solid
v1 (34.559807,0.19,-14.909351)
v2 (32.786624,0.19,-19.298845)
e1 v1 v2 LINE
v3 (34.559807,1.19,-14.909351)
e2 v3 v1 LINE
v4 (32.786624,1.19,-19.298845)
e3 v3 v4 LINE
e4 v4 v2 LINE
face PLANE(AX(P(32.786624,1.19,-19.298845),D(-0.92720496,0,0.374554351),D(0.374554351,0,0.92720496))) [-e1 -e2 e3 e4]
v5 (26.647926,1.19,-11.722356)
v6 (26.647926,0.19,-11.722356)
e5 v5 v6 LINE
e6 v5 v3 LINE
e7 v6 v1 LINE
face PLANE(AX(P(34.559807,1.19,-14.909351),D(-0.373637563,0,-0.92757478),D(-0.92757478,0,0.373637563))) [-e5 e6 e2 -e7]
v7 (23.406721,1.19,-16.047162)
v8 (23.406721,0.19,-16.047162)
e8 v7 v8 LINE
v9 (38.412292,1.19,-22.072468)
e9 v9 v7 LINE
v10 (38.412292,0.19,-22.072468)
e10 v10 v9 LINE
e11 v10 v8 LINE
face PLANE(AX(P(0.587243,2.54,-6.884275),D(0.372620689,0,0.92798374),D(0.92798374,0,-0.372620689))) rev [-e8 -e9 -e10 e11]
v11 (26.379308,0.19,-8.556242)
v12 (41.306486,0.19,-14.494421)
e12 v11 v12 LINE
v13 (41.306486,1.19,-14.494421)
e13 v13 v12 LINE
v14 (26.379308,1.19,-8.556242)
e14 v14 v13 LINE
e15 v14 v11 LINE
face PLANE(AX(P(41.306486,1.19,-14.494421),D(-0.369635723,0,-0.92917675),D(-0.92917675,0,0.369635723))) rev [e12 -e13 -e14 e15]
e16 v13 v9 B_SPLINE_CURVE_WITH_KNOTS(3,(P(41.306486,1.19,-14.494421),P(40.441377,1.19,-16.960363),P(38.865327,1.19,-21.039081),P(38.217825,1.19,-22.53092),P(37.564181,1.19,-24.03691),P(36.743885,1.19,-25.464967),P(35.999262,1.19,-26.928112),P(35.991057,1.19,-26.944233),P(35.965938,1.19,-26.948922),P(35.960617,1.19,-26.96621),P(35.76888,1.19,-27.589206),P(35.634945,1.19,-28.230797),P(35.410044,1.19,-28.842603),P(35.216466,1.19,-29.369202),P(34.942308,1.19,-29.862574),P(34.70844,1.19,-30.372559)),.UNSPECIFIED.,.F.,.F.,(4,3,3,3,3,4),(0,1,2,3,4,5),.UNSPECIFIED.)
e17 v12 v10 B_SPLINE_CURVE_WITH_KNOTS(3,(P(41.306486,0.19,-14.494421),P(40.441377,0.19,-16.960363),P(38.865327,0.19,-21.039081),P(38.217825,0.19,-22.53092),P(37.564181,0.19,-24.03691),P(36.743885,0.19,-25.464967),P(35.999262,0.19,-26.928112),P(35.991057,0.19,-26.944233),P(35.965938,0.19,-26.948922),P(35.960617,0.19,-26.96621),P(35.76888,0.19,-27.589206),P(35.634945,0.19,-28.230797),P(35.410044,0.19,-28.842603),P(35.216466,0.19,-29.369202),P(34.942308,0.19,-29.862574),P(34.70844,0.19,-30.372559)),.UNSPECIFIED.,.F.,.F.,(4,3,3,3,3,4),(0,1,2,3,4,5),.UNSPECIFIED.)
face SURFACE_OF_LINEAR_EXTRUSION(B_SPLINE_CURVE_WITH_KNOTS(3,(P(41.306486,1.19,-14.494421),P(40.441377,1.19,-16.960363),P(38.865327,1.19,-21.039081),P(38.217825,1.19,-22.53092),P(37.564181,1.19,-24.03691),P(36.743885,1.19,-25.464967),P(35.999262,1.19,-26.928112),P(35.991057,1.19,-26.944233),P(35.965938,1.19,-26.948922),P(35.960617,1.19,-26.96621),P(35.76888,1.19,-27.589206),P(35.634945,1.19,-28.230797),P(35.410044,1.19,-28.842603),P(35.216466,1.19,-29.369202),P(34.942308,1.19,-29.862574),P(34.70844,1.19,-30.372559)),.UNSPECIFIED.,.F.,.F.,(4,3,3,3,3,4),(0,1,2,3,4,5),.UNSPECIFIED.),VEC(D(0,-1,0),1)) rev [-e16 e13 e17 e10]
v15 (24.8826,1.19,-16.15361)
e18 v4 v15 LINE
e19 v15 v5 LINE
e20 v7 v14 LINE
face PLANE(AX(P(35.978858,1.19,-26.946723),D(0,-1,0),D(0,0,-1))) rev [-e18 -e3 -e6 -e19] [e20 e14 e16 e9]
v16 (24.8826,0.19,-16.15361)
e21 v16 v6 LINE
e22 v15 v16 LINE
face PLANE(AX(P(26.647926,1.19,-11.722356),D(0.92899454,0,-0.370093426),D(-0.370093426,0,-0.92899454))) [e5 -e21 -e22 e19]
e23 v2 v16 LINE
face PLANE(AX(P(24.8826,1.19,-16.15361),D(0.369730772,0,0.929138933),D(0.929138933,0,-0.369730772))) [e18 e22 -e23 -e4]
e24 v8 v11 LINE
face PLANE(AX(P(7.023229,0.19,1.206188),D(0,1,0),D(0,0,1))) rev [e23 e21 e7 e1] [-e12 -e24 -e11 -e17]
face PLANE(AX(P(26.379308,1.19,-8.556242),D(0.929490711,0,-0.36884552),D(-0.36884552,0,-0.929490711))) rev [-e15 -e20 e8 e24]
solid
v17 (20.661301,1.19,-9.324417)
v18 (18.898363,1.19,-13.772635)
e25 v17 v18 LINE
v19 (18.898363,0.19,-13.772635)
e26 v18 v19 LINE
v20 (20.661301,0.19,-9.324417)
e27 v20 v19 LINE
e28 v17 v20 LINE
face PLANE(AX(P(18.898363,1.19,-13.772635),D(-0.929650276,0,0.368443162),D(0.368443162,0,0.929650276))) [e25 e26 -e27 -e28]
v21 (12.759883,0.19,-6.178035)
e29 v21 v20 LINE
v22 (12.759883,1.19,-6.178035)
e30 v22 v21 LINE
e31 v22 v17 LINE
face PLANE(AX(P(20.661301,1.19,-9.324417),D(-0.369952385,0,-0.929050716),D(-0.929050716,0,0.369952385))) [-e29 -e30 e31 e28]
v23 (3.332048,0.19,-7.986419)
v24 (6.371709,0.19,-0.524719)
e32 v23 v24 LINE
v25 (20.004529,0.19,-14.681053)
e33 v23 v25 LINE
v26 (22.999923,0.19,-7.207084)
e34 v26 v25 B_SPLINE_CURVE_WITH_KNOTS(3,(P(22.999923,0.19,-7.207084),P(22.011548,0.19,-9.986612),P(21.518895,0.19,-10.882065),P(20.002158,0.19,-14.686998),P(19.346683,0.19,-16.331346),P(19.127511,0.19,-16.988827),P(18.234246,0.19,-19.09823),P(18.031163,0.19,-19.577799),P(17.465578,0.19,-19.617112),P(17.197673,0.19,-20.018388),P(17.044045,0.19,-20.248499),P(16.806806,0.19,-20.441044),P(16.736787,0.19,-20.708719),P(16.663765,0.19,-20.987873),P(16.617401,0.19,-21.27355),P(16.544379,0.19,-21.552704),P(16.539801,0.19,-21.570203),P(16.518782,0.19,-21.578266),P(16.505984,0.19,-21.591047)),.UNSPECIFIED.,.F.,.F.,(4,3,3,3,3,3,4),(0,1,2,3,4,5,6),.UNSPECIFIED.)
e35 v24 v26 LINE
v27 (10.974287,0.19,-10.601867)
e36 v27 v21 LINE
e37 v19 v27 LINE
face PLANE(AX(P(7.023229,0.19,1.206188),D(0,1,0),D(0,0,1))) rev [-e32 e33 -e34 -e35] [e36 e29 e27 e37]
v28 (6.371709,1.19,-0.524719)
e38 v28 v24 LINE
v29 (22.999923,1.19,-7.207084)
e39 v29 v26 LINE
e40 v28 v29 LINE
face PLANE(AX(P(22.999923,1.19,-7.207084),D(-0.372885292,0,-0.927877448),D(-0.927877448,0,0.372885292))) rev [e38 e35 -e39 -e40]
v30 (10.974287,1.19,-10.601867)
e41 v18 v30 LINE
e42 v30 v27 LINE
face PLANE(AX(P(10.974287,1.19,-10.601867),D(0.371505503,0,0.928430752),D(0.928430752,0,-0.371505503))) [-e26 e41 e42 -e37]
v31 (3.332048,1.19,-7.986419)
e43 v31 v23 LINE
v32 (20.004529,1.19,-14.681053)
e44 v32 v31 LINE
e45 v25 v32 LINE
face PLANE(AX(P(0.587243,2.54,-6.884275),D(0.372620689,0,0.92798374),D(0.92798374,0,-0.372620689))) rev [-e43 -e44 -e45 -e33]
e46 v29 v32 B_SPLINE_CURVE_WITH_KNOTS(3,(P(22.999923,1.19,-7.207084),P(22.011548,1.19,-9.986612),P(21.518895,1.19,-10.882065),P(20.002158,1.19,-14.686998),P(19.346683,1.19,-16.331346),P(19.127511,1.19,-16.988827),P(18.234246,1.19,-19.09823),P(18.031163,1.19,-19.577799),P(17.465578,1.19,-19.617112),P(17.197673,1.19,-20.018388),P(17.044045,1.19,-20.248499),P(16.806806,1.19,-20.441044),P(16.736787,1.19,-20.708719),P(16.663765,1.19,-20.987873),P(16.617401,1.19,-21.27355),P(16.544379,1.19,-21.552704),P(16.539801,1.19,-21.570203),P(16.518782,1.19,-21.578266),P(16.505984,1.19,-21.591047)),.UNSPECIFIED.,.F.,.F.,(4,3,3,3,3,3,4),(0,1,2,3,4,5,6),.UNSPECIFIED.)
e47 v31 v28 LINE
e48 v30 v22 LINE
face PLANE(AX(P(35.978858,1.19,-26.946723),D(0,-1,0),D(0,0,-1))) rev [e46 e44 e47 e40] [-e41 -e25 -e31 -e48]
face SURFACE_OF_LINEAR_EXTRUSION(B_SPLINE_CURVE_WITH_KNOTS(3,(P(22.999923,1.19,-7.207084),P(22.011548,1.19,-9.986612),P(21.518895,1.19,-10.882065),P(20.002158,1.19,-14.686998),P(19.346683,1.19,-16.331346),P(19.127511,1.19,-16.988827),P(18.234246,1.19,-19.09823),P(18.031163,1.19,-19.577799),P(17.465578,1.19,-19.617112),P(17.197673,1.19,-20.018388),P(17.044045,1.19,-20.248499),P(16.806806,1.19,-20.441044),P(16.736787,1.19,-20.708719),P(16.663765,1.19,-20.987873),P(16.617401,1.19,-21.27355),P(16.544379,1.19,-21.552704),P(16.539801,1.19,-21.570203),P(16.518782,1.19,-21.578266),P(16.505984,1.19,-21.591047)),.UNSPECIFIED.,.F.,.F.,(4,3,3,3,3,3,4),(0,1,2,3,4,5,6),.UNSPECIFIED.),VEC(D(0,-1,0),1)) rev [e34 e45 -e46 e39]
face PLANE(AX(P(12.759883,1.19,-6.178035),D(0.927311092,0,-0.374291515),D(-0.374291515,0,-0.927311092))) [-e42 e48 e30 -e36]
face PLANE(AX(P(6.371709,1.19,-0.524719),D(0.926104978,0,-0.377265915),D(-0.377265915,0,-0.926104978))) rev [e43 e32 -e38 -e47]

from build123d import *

# Parameters (mm, degrees)
SKETCH1_R           = 1.281558591
SKETCH1_R_2         = 1.27912149
BOSS_EXTRUDE1_DEPTH = 1.19
CUT_EXTRUDE1_DEPTH  = 2.54
CUT_EXTRUDE2_DEPTH  = 9.906


with BuildPart() as part:
    # Sketch1 → Boss-Extrude1 (new body)
    with BuildSketch(Plane(origin=(0, 0, 0), x_dir=(1, 0, 0), z_dir=(0, 1, 0))):
        with BuildLine():
            Line((-3.948168159, 25.857752235), (34.708440024, 30.372559307))
            add(Edge.make_bspline(
                [(34.708440024, 30.372559307), (34.942308086, 29.862573914), (35.216465801, 29.369202379), (35.41004421, 28.842603127), (35.634944676, 28.230797202), (35.768879722, 27.589205916), (35.960617271, 26.966210393), (35.965938184, 26.948921629), (35.991057299, 26.944232956), (35.999261802, 26.928111554), (36.743885485, 25.464966639), (37.564180772, 24.036910168), (38.217825185, 22.530919978), (38.865327395, 21.039081363), (40.441376905, 16.960362547), (41.306486039, 14.494420913)],
                knots=[0, 0, 0, 0, 1, 1, 1, 2, 2, 2, 3, 3, 3, 4, 4, 4, 5, 5, 5, 5], degree=3))
            Line((41.306486039, 14.494420913), (26.379308433, 8.556241677))
            Line((26.379308433, 8.556241677), (21.571141955, 20.672821201))
            add(Edge.make_bspline(
                [(21.571141955, 20.672821201), (21.634910972, 21.018173468), (21.748594484, 21.35796102), (21.762449005, 21.708878001), (21.774151999, 22.005299603), (21.695806289, 22.298709609), (21.646885264, 22.591300552), (21.643902496, 22.609140136), (21.617478501, 22.613950002), (21.608496587, 22.629649458), (21.454882222, 22.898151457), (21.383454938, 23.23493464), (21.147653492, 23.435155456), (20.905488639, 23.64077949), (20.692579942, 23.888331524), (20.418328284, 24.048678297), (20.15986613, 24.199793417), (19.870796872, 24.315401802), (19.574055785, 24.355191149), (19.180278137, 24.407991911), (18.74328259, 24.448836406), (18.384663016, 24.277837116), (18.13147516, 24.157110455), (17.87065401, 24.052846943), (17.617466154, 23.932120282), (17.601139945, 23.924335514), (17.591549832, 23.906868519), (17.579117247, 23.893731605), (17.361458227, 23.66374179), (17.104351703, 23.465224478), (16.927205729, 23.202755302), (16.779704543, 22.984209467), (16.687302856, 22.728685321), (16.62063322, 22.473589178), (16.545622255, 22.186576842), (16.544200548, 21.885227936), (16.505984212, 21.591047315)],
                knots=[0, 0, 0, 0, 1, 1, 1, 2, 2, 2, 3, 3, 3, 4, 4, 4, 5, 5, 5, 6, 6, 6, 7, 7, 7, 8, 8, 8, 9, 9, 9, 10, 10, 10, 11, 11, 11, 12, 12, 12, 12], degree=3))
            add(Edge.make_bspline(
                [(16.505984212, 21.591047315), (16.518782353, 21.578266264), (16.539801332, 21.570202619), (16.544378636, 21.552704162), (16.617400623, 21.273550308), (16.663764579, 20.987872856), (16.736786566, 20.708719002), (16.806805853, 20.441044093), (17.044044502, 20.24849863), (17.19767347, 20.018388445), (17.465578341, 19.617112304), (18.031163484, 19.577799481), (18.234246012, 19.098229697), (19.127510948, 16.988826809), (19.346682772, 16.331345691), (20.002158395, 14.686998305), (21.518894597, 10.882064728), (22.011547535, 9.986611514), (22.99992287, 7.207084206)],
                knots=[0, 0, 0, 0, 1, 1, 1, 2, 2, 2, 3, 3, 3, 4, 4, 4, 5, 5, 5, 6, 6, 6, 6], degree=3))
            Line((22.99992287, 7.207084206), (6.371709484, 0.524718752))
            Line((6.371709484, 0.524718752), (-3.948168159, 25.857752235))
        make_face()
        with Locations(Location((31.581994118, 27.844041808, 0), (0, 0, 270))):
            Circle(SKETCH1_R, mode=Mode.SUBTRACT)
        with Locations(Location((4.443945521, 18.622159212, 0), (0, 0, 270))):
            Circle(SKETCH1_R_2, mode=Mode.SUBTRACT)
        Polygon((29.528011628, 24.668032897), (31.295389474, 20.292362952), (24.334912298, 17.497443293), (22.582661714, 21.866014987), align=None, mode=Mode.SUBTRACT)
        Polygon((16.577782643, 19.493154262), (18.362295388, 15.097963812), (11.376540447, 12.313291502), (9.611482192, 16.686576517), align=None, mode=Mode.SUBTRACT)
        Polygon((32.786623967, 19.298845197), (34.559807218, 14.90935059), (26.647925888, 11.722355727), (24.882600183, 16.153609635), align=None, mode=Mode.SUBTRACT)
        Polygon((18.898363139, 13.77263465), (20.661300607, 9.324417197), (12.759882633, 6.178035225), (10.974286829, 10.601867258), align=None, mode=Mode.SUBTRACT)
    extrude(amount=BOSS_EXTRUDE1_DEPTH)

    # Sketch2 → Cut-Extrude1 (cut)
    with BuildSketch(Plane.XZ):
        Polygon((0.587242747, -6.884275357), (39.490843961, -22.50554763), (39.490843961, -43.06449087), (-7.692806902, -25.9504125), align=None)
    extrude(amount=-CUT_EXTRUDE1_DEPTH, mode=Mode.SUBTRACT)


with BuildPart() as cut_extrude1_piece_1:
    # of the separate pieces the step leaves, piece 1, a body of its own (cut_extrude1_pieces)
    add(part.part.solids().sort_by_distance((6.371709484, 0, -0.524718752))[0])


with BuildPart() as cut_extrude1_piece_2:
    # of the separate pieces the step leaves, piece 2, a body of its own (cut_extrude1_pieces)
    add(part.part.solids().sort_by_distance((38.41229244, 0, -22.072468263))[0])


with BuildPart() as cut_extrude2_tool:
    # Sketch4 → Cut-Extrude2 (new body)
    with BuildSketch(Plane(origin=(-2.298949217, 0, -5.725359753), x_dir=(-0.9279837403895839, 0, 0.37262068859975767), z_dir=(-0.37262068859975767, 0, -0.9279837403895839))):
        Polygon((-6.067991774, 0.19), (-45.594810032, 0.19), (-45.594810032, -0.619411818), (-5.559501148, -0.619411818), align=None)
    extrude(amount=-CUT_EXTRUDE2_DEPTH)


with BuildPart() as cut_extrude1_piece_1_1:
    add(cut_extrude1_piece_1.part)

    # Cut-Extrude2: cut by cut_extrude2_tool
    add(cut_extrude2_tool.part, mode=Mode.SUBTRACT)


with BuildPart() as cut_extrude1_piece_2_1:
    add(cut_extrude1_piece_2.part)

    # Cut-Extrude2: cut by cut_extrude2_tool
    add(cut_extrude2_tool.part, mode=Mode.SUBTRACT)


solid = Compound([cut_extrude1_piece_1_1.part, cut_extrude1_piece_2_1.part])
